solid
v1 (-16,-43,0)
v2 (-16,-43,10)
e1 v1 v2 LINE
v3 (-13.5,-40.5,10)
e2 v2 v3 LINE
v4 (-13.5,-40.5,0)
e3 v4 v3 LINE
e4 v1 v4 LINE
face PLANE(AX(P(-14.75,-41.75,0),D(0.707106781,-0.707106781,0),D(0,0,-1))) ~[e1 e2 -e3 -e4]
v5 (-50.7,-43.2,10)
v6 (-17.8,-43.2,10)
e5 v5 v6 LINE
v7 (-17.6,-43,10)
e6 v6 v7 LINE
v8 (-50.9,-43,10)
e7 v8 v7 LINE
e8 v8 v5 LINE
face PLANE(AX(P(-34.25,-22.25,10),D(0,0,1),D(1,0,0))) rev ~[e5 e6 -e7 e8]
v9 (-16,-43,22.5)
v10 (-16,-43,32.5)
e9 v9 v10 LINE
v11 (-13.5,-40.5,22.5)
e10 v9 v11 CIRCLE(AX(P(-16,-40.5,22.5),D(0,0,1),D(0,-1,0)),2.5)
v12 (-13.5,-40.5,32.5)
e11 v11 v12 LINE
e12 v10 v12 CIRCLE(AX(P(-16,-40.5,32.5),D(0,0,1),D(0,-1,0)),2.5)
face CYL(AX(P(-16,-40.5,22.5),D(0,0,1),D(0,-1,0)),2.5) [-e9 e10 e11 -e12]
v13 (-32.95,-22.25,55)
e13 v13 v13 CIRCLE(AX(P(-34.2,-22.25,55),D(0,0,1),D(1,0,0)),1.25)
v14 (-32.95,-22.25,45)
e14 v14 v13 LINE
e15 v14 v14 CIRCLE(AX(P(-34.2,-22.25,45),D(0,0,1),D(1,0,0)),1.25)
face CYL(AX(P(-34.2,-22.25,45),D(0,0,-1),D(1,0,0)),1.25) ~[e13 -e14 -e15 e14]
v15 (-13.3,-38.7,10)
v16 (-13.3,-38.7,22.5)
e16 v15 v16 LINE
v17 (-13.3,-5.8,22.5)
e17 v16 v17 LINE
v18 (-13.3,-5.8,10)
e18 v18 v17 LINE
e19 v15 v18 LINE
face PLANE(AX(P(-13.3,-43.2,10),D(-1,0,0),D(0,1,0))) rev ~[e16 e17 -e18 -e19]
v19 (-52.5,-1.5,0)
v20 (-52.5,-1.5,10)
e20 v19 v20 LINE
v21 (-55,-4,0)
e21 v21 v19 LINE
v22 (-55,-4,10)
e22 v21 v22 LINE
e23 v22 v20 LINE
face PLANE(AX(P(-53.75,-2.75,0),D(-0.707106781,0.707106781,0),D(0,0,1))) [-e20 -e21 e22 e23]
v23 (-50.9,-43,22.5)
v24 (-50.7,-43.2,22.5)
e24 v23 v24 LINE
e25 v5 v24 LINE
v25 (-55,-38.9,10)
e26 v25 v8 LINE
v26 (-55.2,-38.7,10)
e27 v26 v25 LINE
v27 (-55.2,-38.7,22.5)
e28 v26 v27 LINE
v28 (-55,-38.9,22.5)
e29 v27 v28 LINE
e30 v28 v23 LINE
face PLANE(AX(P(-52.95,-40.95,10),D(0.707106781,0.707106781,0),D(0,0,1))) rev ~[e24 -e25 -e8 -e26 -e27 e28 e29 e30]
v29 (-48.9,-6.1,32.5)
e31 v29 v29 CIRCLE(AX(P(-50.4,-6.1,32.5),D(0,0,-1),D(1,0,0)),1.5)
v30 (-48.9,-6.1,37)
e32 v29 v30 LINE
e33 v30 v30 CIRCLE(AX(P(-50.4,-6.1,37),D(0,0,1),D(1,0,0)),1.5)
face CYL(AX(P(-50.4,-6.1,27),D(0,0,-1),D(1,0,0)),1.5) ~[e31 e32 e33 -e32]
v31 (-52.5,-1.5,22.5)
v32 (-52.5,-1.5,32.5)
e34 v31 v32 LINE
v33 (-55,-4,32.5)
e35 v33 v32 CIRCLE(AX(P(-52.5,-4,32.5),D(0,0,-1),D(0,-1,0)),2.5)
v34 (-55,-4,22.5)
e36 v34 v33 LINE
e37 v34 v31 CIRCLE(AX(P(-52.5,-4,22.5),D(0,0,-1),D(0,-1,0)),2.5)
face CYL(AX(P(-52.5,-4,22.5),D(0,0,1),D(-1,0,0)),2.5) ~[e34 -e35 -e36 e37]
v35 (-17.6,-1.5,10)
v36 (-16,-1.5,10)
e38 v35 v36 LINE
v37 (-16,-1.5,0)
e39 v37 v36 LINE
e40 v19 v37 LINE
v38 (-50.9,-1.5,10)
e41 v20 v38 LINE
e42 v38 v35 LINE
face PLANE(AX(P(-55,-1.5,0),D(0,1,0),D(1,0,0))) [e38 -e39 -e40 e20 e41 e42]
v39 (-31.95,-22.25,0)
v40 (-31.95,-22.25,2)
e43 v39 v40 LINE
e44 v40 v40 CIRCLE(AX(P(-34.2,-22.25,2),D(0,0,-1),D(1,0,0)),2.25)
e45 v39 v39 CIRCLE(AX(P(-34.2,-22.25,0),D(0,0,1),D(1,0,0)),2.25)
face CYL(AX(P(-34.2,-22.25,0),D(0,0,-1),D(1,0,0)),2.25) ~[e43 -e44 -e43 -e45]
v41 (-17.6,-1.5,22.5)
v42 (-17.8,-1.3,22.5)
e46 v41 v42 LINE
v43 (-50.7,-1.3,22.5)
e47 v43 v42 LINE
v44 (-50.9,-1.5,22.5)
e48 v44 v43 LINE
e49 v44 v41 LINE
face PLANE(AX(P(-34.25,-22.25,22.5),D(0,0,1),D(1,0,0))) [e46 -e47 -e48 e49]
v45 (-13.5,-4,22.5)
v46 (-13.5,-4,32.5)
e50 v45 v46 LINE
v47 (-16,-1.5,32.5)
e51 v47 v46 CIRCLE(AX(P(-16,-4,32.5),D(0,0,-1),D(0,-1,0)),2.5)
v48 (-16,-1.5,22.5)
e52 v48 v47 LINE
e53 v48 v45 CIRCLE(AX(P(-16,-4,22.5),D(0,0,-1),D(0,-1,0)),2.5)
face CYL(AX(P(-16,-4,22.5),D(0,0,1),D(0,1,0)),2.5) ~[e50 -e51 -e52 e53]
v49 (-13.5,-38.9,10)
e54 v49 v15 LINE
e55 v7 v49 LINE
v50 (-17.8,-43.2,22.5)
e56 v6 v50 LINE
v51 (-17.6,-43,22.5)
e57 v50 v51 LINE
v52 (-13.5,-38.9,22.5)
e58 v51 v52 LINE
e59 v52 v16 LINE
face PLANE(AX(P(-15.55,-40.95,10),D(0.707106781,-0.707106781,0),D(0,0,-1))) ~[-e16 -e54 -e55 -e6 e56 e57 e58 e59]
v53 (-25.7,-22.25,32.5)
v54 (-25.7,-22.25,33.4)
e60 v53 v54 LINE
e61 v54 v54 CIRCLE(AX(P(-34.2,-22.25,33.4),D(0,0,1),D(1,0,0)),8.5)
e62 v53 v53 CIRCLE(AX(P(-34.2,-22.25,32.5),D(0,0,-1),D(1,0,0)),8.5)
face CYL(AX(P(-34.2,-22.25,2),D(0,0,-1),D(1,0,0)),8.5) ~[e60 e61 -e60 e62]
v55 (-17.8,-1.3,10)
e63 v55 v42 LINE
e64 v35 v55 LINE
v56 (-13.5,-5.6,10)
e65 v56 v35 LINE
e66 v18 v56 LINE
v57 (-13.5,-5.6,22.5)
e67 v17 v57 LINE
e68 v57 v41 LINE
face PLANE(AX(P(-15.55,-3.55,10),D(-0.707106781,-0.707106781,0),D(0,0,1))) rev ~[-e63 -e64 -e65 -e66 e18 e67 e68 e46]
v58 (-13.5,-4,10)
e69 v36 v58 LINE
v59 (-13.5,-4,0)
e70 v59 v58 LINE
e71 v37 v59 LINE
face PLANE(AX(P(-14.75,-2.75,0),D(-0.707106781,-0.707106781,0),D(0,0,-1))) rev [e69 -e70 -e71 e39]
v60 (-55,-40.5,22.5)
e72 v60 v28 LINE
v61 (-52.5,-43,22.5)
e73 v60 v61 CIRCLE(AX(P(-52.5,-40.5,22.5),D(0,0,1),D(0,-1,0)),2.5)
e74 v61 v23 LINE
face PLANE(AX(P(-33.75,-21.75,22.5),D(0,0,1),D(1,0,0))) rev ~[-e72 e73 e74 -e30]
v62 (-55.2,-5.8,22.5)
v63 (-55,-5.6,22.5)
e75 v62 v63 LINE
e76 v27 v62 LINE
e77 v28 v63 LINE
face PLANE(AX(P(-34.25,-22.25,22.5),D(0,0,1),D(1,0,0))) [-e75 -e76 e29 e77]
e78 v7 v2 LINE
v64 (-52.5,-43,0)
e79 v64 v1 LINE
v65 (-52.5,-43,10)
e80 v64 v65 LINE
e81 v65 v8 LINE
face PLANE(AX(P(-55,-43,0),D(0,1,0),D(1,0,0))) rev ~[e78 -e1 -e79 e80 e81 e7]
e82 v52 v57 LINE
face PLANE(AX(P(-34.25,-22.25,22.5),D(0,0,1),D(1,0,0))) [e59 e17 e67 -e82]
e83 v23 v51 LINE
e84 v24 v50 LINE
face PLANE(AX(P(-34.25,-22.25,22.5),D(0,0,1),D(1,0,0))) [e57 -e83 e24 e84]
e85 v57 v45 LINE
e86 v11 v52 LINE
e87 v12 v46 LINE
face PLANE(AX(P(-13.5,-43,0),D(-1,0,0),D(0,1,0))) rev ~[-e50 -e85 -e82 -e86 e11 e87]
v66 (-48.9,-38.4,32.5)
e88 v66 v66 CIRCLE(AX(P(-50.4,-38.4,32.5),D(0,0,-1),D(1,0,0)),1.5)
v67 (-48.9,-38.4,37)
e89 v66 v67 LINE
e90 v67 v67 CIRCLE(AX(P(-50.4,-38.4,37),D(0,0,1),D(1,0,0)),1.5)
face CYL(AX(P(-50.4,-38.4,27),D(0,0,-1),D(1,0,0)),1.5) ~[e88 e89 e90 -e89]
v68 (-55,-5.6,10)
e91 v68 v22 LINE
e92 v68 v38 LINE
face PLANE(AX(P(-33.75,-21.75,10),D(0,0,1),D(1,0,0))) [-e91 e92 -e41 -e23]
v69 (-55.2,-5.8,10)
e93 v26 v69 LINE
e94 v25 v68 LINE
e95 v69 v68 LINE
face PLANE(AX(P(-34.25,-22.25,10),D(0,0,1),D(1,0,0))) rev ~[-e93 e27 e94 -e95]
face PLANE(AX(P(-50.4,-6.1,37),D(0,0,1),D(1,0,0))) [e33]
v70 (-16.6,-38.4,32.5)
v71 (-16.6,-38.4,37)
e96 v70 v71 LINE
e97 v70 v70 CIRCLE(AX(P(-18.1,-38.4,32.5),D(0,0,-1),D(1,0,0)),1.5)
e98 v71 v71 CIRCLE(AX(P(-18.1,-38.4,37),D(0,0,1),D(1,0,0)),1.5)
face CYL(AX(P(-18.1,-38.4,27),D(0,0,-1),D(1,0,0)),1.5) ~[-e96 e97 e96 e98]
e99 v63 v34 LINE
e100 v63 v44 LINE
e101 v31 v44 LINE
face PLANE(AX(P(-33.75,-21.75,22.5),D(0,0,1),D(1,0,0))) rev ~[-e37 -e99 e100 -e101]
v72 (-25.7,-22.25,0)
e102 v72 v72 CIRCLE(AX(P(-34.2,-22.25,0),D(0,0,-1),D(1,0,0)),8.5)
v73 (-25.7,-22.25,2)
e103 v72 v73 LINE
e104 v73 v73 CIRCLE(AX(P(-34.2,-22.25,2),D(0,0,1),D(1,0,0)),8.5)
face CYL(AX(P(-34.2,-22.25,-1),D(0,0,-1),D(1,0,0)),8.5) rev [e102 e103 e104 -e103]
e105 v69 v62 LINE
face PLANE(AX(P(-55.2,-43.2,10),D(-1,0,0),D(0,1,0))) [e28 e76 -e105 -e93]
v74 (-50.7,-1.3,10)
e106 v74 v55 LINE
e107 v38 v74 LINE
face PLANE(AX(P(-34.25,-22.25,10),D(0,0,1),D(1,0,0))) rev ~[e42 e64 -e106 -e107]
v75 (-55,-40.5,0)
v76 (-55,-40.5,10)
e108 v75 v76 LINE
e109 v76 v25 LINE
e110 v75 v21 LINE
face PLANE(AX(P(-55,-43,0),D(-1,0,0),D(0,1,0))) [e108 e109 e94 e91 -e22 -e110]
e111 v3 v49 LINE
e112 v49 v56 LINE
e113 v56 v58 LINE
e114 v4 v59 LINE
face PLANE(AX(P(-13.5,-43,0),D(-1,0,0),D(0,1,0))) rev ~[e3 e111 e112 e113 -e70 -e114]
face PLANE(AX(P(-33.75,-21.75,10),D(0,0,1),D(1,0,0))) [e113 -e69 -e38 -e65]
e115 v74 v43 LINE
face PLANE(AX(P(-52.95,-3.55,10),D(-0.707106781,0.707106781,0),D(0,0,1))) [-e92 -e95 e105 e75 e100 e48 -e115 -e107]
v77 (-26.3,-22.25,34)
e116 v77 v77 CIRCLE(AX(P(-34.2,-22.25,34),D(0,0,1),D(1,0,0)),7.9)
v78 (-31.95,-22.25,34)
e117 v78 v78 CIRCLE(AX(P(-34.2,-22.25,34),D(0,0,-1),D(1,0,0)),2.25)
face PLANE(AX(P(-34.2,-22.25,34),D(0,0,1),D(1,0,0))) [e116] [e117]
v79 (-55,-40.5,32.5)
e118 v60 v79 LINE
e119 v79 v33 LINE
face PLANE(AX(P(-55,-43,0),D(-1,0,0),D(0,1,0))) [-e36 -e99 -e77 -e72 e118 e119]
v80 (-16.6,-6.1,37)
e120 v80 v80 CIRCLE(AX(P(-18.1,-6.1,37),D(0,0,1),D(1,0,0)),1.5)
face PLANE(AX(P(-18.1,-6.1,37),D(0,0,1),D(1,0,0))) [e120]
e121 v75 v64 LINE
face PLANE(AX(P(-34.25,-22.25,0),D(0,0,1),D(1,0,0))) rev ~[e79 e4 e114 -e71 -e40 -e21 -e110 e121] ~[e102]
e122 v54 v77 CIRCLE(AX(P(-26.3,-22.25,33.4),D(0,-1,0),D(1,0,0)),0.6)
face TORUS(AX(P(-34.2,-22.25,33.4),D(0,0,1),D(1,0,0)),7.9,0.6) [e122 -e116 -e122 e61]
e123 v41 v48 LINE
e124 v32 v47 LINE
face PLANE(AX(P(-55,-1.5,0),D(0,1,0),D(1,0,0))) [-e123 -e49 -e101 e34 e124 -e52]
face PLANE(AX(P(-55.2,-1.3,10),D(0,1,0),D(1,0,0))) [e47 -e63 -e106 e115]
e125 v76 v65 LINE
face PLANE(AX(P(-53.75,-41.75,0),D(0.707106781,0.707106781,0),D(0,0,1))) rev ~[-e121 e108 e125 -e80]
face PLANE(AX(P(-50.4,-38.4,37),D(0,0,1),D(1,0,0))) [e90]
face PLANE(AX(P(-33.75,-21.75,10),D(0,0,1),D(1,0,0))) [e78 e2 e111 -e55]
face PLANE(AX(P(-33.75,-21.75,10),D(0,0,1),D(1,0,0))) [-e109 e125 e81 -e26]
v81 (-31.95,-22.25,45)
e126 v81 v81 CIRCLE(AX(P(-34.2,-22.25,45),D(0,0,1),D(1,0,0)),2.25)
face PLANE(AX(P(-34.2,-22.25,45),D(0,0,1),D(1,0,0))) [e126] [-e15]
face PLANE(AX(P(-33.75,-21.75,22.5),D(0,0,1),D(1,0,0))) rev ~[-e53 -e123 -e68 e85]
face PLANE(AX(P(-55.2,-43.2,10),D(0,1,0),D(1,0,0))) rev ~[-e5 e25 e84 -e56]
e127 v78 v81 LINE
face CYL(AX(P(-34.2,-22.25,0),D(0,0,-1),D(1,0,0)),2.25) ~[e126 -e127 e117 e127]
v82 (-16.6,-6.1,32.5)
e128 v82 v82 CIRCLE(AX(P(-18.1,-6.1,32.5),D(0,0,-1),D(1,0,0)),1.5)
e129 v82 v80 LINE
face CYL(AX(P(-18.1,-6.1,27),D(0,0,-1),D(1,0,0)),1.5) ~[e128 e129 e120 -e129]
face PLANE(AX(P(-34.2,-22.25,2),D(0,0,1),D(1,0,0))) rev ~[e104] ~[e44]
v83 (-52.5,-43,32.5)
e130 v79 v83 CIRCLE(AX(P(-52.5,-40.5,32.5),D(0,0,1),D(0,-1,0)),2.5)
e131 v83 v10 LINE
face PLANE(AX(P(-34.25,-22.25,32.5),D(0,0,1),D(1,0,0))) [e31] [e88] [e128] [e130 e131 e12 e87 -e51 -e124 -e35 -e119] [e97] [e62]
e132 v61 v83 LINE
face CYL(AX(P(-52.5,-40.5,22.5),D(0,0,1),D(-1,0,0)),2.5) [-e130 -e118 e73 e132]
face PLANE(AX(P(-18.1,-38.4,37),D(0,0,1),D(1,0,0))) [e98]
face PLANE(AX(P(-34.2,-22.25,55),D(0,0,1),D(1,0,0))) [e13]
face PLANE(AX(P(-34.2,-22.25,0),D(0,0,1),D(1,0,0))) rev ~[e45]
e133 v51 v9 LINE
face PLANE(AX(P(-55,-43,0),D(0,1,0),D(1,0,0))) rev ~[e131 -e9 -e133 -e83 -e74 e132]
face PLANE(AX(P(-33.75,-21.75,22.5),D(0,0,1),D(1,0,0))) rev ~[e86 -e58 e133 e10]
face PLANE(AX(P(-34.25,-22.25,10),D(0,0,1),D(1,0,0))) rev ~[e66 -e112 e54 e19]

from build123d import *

# Parameters (mm, degrees)
CYLINDER007_R     = 1.5
CYLINDER007_DEPTH = 10
CYLINDER006_R     = 1.5
CYLINDER006_DEPTH = 10
CYLINDER005_R     = 1.5
CYLINDER005_DEPTH = 10
CYLINDER004_R     = 1.5
CYLINDER004_DEPTH = 10
CYLINDER001_R     = 8.5
CYLINDER001_DEPTH = 32
FILLET001_R       = 0.6
CYLINDER002_R     = 8.5
CYLINDER002_DEPTH = 3
BOX001_W          = 44.5
BOX001_H          = 44.5
BOX001_DEPTH      = 12.5
BOX_W             = 41.5
BOX_H             = 41.5
BOX_DEPTH         = 32.5
FILLET_R          = 2.5
CHAMFER_SIZE      = 2.5
BOX002_W          = 41.9
BOX002_H          = 41.9
BOX002_DEPTH      = 12.5
CHAMFER001_SIZE   = 4.5
CYLINDER003_R     = 1.25
CYLINDER003_DEPTH = 10
CYLINDER_R        = 2.25
CYLINDER_DEPTH    = 45


with BuildPart() as tornillo020:
    # Cylinder007 → Cylinder007 (new body)
    with BuildSketch(Plane(origin=(-50.4, -6.1, 27), x_dir=(1, 0, 0), z_dir=(0, 0, 1))):
        Circle(CYLINDER007_R)
    extrude(amount=CYLINDER007_DEPTH)


with BuildPart() as tornillo019:
    # Cylinder006 → Cylinder006 (new body)
    with BuildSketch(Plane(origin=(-18.1, -6.1, 27), x_dir=(1, 0, 0), z_dir=(0, 0, 1))):
        Circle(CYLINDER006_R)
    extrude(amount=CYLINDER006_DEPTH)


with BuildPart() as tornillo018:
    # Cylinder005 → Cylinder005 (new body)
    with BuildSketch(Plane(origin=(-50.4, -38.4, 27), x_dir=(1, 0, 0), z_dir=(0, 0, 1))):
        Circle(CYLINDER005_R)
    extrude(amount=CYLINDER005_DEPTH)


with BuildPart() as tornillo017:
    # Cylinder004 → Cylinder004 (new body)
    with BuildSketch(Plane(origin=(-18.1, -38.4, 27), x_dir=(1, 0, 0), z_dir=(0, 0, 1))):
        Circle(CYLINDER004_R)
    extrude(amount=CYLINDER004_DEPTH)


with BuildPart() as fillet001:
    # Cylinder001 → Cylinder001 (new body)
    with BuildSketch(Plane(origin=(-34.2, -22.25, 2), x_dir=(1, 0, 0), z_dir=(0, 0, 1))):
        Circle(CYLINDER001_R)
    extrude(amount=CYLINDER001_DEPTH)

    # Fillet001
    fillet001_edges = [fillet001.edges().sort_by_distance(p)[0] for p in [
        (-42.7, -22.25, 34),
    ]]
    fillet(fillet001_edges, radius=FILLET001_R)


with BuildPart() as cilindro036:
    # Cylinder002 → Cylinder002 (new body)
    with BuildSketch(Plane(origin=(-34.2, -22.25, -1), x_dir=(1, 0, 0), z_dir=(0, 0, 1))):
        Circle(CYLINDER002_R)
    extrude(amount=CYLINDER002_DEPTH)


with BuildPart() as cubo087:
    # Box001 → Box001 (new body)
    with BuildSketch(Plane(origin=(-56, -44, 10), x_dir=(1, 0, 0), z_dir=(0, 0, 1))):
        with Locations((22.25, 22.25)):
            Rectangle(BOX001_W, BOX001_H)
    extrude(amount=BOX001_DEPTH)


with BuildPart() as chamfer_body:
    # Box → Box (new body)
    with BuildSketch(Plane(origin=(-55, -43, 0), x_dir=(1, 0, 0), z_dir=(0, 0, 1))):
        with Locations((20.75, 20.75)):
            Rectangle(BOX_W, BOX_H)
    extrude(amount=BOX_DEPTH)

    # Cut: cut Cubo087
    add(cubo087.part, mode=Mode.SUBTRACT)

    # Fillet
    fillet_edges = [chamfer_body.edges().sort_by_distance(p)[0] for p in [
        (-55, -43, 27.5),
        (-55, -1.5, 27.5),
        (-13.5, -1.5, 27.5),
        (-13.5, -43, 27.5),
    ]]
    fillet(fillet_edges, radius=FILLET_R)

    # Chamfer
    chamfer_edges = [chamfer_body.edges().sort_by_distance(p)[0] for p in [
        (-55, -1.5, 5),
        (-55, -43, 5),
        (-13.5, -1.5, 5),
        (-13.5, -43, 5),
    ]]
    chamfer(chamfer_edges, length=CHAMFER_SIZE)


with BuildPart() as cut001:
    # Box002 → Box002 (new body)
    with BuildSketch(Plane(origin=(-55.2, -43.2, 10), x_dir=(1, 0, 0), z_dir=(0, 0, 1))):
        with Locations((20.95, 20.95)):
            Rectangle(BOX002_W, BOX002_H)
    extrude(amount=BOX002_DEPTH)

    # Chamfer001
    chamfer001_edges = [cut001.edges().sort_by_distance(p)[0] for p in [
        (-55.2, -43.2, 16.25),
        (-55.2, -1.3, 16.25),
        (-13.3, -43.2, 16.25),
        (-13.3, -1.3, 16.25),
    ]]
    chamfer(chamfer001_edges, length=CHAMFER001_SIZE)

    # Fusion: union Chamfer body
    add(chamfer_body.part)

    # Cut001: cut Cilindro036
    add(cilindro036.part, mode=Mode.SUBTRACT)


with BuildPart() as cilindro037:
    # Cylinder003 → Cylinder003 (new body)
    with BuildSketch(Plane(origin=(-34.2, -22.25, 45), x_dir=(1, 0, 0), z_dir=(0, 0, 1))):
        Circle(CYLINDER003_R)
    extrude(amount=CYLINDER003_DEPTH)


with BuildPart() as ejey_motor:
    # Cylinder → Cylinder (new body)
    with BuildSketch(Plane(origin=(-34.2, -22.25, 0), x_dir=(1, 0, 0), z_dir=(0, 0, 1))):
        Circle(CYLINDER_R)
    extrude(amount=CYLINDER_DEPTH)

    # Fusion002: union Fillet001, Cut001, Cilindro037
    add(fillet001.part)
    add(cut001.part)
    add(cilindro037.part)

    # Fusion001: union tornillo020, tornillo019, tornillo018, tornillo017
    add(tornillo020.part)
    add(tornillo019.part)
    add(tornillo018.part)
    add(tornillo017.part)


solid = ejey_motor.part
